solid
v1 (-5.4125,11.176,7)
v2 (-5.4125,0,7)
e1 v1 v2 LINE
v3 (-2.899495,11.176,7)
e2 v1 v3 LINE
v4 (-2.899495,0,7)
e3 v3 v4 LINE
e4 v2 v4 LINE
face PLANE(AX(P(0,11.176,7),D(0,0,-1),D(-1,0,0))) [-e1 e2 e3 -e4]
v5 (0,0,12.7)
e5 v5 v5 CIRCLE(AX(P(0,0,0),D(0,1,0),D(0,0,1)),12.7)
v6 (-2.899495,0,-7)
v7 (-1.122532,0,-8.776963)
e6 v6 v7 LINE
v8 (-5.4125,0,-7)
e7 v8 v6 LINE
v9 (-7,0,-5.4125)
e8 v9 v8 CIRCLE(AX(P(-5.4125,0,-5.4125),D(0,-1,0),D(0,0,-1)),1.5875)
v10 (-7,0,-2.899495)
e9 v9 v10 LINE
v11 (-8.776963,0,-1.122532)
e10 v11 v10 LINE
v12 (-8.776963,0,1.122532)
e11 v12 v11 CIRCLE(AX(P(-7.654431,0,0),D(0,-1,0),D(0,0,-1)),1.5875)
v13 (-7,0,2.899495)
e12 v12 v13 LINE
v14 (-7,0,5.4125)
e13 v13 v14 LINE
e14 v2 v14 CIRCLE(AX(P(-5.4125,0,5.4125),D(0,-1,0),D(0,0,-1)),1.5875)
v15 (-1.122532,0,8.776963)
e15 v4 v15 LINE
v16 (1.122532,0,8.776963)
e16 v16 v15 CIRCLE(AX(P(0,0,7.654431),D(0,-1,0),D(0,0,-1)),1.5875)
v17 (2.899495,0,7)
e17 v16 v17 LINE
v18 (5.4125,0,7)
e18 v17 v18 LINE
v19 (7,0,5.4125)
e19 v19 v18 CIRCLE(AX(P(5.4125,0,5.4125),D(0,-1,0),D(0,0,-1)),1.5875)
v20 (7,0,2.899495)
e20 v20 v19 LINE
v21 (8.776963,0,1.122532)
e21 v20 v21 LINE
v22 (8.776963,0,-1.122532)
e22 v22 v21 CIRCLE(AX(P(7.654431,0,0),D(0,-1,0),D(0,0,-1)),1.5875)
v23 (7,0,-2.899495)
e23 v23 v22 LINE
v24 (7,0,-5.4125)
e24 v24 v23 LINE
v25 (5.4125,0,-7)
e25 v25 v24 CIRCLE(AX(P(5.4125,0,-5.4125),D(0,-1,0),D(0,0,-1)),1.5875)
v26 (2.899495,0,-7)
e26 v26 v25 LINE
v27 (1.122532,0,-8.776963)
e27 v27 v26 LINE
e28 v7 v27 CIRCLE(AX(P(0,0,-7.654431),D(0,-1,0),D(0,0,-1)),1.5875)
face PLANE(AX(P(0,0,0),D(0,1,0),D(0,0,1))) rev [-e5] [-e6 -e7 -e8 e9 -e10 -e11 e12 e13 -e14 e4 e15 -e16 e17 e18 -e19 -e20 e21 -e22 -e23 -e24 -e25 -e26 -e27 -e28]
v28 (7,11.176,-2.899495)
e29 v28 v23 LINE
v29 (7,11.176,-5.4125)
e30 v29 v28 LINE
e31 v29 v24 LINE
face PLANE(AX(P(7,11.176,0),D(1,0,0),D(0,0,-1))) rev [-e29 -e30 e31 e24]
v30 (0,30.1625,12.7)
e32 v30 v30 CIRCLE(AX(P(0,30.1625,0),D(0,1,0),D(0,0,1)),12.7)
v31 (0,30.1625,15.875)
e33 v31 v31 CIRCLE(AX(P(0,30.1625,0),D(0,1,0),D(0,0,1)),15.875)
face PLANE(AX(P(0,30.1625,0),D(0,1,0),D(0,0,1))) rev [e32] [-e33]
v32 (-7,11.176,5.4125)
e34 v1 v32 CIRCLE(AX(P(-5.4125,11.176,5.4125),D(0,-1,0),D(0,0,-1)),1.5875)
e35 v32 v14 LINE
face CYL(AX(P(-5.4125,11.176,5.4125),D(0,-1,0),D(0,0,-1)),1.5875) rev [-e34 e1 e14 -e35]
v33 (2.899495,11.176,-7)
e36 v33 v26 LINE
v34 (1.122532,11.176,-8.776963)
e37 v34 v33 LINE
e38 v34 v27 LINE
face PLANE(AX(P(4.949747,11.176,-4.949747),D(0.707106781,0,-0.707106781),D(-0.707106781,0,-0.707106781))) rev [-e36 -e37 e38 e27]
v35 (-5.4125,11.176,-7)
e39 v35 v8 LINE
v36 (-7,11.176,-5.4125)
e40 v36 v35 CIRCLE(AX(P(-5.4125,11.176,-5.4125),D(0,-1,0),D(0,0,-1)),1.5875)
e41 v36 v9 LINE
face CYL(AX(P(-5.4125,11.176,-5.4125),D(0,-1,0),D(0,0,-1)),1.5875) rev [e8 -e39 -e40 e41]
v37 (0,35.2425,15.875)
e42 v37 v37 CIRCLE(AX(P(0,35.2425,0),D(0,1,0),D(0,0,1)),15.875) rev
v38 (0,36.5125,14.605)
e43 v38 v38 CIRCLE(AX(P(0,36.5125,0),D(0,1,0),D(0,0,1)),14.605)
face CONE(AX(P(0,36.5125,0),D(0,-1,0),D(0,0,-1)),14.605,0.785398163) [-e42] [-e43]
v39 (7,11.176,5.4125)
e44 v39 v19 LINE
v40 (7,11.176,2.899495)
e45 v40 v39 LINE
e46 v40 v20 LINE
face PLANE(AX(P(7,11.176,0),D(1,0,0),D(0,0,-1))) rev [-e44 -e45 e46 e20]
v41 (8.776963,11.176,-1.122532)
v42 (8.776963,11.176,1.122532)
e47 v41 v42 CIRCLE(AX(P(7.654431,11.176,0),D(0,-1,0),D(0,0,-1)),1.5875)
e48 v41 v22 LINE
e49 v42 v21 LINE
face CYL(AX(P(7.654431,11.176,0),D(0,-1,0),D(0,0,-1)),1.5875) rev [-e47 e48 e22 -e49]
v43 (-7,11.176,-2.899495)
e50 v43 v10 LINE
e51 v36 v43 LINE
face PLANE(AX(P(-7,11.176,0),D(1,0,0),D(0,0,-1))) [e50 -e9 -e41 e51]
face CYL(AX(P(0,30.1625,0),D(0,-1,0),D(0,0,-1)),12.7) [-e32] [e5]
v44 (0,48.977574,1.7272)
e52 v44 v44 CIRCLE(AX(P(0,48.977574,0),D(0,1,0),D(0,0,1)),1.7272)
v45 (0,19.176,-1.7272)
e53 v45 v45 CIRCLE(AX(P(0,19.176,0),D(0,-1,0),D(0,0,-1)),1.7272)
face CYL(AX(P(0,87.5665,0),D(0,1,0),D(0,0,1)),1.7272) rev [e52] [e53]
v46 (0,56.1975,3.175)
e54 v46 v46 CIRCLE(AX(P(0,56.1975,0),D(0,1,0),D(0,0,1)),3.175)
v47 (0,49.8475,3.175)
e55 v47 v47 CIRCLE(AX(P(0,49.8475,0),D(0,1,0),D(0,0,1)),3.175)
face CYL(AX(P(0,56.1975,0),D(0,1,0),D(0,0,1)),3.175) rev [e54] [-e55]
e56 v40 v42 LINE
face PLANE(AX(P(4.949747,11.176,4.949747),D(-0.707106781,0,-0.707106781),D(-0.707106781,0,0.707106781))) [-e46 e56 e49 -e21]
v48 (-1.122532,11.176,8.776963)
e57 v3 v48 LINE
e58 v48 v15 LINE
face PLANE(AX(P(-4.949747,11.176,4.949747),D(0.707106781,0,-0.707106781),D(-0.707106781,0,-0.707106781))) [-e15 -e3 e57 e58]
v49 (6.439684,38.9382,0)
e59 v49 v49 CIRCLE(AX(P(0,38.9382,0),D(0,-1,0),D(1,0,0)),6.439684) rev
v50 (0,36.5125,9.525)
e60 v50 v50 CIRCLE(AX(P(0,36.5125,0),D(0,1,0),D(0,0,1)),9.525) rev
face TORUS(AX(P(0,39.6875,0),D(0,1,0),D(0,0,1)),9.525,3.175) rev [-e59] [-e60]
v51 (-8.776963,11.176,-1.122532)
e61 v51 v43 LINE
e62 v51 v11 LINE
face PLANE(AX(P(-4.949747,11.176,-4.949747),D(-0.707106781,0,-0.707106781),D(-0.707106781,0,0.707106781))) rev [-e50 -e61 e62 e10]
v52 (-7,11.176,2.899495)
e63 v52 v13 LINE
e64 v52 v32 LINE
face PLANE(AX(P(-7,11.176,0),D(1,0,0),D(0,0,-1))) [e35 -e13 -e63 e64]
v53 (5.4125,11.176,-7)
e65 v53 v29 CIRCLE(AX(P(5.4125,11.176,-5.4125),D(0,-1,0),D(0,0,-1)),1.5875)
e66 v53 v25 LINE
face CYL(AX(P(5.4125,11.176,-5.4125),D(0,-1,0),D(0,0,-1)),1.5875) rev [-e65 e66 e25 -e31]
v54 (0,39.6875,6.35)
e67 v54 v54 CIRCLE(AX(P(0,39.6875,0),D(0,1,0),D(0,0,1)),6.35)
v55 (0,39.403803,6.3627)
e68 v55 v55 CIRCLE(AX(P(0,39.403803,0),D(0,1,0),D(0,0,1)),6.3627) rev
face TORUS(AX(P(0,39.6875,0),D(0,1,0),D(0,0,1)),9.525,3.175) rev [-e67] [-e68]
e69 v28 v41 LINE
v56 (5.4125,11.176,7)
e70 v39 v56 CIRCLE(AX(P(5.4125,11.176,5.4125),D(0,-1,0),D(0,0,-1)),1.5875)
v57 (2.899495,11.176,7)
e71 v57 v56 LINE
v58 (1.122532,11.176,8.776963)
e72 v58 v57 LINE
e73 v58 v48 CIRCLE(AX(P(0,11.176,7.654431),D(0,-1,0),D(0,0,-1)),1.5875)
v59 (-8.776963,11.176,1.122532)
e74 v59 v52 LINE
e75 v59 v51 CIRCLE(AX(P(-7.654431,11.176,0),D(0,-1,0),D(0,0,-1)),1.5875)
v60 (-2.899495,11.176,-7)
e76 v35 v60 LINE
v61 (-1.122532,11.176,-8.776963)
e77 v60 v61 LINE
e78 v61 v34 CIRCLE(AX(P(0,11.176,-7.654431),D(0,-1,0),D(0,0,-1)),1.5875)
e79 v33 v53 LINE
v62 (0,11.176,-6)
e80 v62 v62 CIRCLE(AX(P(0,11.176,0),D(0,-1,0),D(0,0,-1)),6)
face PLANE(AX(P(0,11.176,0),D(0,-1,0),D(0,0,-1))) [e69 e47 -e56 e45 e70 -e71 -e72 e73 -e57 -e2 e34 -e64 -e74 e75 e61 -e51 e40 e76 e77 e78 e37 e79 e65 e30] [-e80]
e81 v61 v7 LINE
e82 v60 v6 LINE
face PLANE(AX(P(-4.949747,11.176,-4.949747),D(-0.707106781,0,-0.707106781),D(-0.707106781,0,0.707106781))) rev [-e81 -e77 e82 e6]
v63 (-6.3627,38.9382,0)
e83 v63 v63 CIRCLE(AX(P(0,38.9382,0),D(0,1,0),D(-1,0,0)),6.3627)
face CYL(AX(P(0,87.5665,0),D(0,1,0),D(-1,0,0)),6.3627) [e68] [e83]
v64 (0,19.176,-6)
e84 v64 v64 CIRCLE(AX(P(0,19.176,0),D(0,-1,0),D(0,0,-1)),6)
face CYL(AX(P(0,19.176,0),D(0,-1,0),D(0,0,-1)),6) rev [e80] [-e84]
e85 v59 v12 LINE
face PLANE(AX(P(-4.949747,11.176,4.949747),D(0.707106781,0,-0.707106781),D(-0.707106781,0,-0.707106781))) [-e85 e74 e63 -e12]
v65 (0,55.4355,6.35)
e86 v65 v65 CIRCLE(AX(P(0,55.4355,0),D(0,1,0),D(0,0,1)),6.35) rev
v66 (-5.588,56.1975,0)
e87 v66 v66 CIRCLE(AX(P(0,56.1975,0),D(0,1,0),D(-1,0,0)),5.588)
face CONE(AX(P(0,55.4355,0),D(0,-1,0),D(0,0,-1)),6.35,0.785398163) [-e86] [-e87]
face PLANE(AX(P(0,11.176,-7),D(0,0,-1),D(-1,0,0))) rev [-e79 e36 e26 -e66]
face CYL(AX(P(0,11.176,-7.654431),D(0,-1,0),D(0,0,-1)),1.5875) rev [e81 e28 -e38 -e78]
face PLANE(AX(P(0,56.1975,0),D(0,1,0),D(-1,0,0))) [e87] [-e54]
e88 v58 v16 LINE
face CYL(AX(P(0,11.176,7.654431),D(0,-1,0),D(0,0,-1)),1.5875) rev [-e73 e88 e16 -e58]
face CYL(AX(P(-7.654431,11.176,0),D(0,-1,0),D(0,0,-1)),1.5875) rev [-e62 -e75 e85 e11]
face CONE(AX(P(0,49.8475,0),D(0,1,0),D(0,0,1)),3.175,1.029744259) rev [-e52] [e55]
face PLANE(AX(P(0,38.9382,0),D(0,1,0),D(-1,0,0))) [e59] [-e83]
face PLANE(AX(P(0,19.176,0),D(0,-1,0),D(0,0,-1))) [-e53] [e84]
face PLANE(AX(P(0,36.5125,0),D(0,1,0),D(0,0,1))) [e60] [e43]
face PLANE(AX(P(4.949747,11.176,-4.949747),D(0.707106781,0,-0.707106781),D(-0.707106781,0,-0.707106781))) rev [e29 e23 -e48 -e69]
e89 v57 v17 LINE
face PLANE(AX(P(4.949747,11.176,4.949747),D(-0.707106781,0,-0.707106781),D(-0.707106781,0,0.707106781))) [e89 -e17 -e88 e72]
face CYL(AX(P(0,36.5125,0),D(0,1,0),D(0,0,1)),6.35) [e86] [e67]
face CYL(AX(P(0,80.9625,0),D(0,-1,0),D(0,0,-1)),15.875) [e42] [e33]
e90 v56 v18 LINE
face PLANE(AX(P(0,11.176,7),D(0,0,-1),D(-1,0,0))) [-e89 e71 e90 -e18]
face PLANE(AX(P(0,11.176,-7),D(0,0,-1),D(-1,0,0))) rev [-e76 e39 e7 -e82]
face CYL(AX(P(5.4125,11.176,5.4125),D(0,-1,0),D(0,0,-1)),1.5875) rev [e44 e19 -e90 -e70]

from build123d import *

# Parameters (mm, degrees)
SKETCH1_R                       = 12.7
BOSS_EXTRUDE1_DEPTH             = 30.1625
SKETCH4_R                       = 15.875
BOSS_EXTRUDE2_DEPTH             = 50.8
CUT_EXTRUDE1_DEPTH              = 11.176
SKETCH3_R                       = 6
CUT_EXTRUDE2_DEPTH              = 8
SKETCH5_R                       = 3.175
BOSS_EXTRUDE3_DEPTH             = 6.604
F_8_32_TAPPED_HOLE1_D           = 3.4544
CUT_EXTRUDE3_START              = -6.35
SKETCH9_R                       = 15.875
SKETCH9_R_2                     = 6.35
CUT_EXTRUDE3_DEPTH              = 38.1
FILLET1_R                       = 3.175
CHAMFER1_SIZE                   = 1.27
F_1_4_0_25_DIAMETER_HOLE1_D     = 6.35
F_1_4_0_25_DIAMETER_HOLE1_DEPTH = 6.35
F_1_4_0_25_DIAMETER_HOLE1_TIP   = 1.907732465
CHAMFER2_SIZE                   = 0.762


with BuildPart() as part:
    # Sketch1 → Boss-Extrude1 (new body)
    with BuildSketch(Plane(origin=(0, 0, 0), x_dir=(1, 0, 0), z_dir=(0, 1, 0))):
        Circle(SKETCH1_R)
    extrude(amount=BOSS_EXTRUDE1_DEPTH)

    # Sketch4 → Boss-Extrude2 (add)
    with BuildSketch(Plane(origin=(0, 30.1625, 0), x_dir=(1, 0, 0), z_dir=(0, 1, 0))):
        Circle(SKETCH4_R)
    extrude(amount=BOSS_EXTRUDE2_DEPTH)

    # Sketch2 → Cut-Extrude1 (cut)
    with BuildSketch(Plane.XZ):
        with BuildLine():
            Line((-7, 2.899494937), (-8.776962921, 1.122532015))
            ThreePointArc((-8.776962921, 1.122532015), (-9.241930906, 0), (-8.776962921, -1.122532015))
            Line((-8.776962921, -1.122532015), (-7, -2.899494937))
            Line((-7, -2.899494937), (-7, 2.899494937))
        make_face()
        Polygon((-2.899494937, 7), (-7, 2.899494937), (-7, -2.899494937), (-2.899494937, -7), (2.899494937, -7), (7, -2.899494937), (7, 2.899494937), (2.899494937, 7), align=None)
        with BuildLine():
            Line((-7, 5.4125), (-7, 2.899494937))
            Line((-7, 2.899494937), (-2.899494937, 7))
            Line((-2.899494937, 7), (-5.4125, 7))
            ThreePointArc((-5.4125, 7), (-6.535032015, 6.535032015), (-7, 5.4125))
        make_face()
        with BuildLine():
            Line((-1.122532015, 8.776962921), (-2.899494937, 7))
            Line((-2.899494937, 7), (2.899494937, 7))
            Line((2.899494937, 7), (1.122532015, 8.776962921))
            ThreePointArc((1.122532015, 8.776962921), (0, 9.241930906), (-1.122532015, 8.776962921))
        make_face()
        with BuildLine():
            Line((5.4125, 7), (2.899494937, 7))
            Line((2.899494937, 7), (7, 2.899494937))
            Line((7, 2.899494937), (7, 5.4125))
            ThreePointArc((7, 5.4125), (6.535032015, 6.535032015), (5.4125, 7))
        make_face()
        with BuildLine():
            Line((8.776962921, 1.122532015), (7, 2.899494937))
            Line((7, 2.899494937), (7, -2.899494937))
            Line((7, -2.899494937), (8.776962921, -1.122532015))
            ThreePointArc((8.776962921, -1.122532015), (9.241930906, 0), (8.776962921, 1.122532015))
        make_face()
        with BuildLine():
            Line((7, -2.899494937), (2.899494937, -7))
            Line((2.899494937, -7), (5.4125, -7))
            ThreePointArc((5.4125, -7), (6.535032015, -6.535032015), (7, -5.4125))
            Line((7, -5.4125), (7, -2.899494937))
        make_face()
        with BuildLine():
            Line((2.899494937, -7), (-2.899494937, -7))
            Line((-2.899494937, -7), (-1.122532015, -8.776962921))
            ThreePointArc((-1.122532015, -8.776962921), (0, -9.241930906), (1.122532015, -8.776962921))
            Line((1.122532015, -8.776962921), (2.899494937, -7))
        make_face()
        with BuildLine():
            Line((-2.899494937, -7), (-7, -2.899494937))
            Line((-7, -2.899494937), (-7, -5.4125))
            ThreePointArc((-7, -5.4125), (-6.535032015, -6.535032015), (-5.4125, -7))
            Line((-5.4125, -7), (-2.899494937, -7))
        make_face()
    extrude(amount=-CUT_EXTRUDE1_DEPTH, mode=Mode.SUBTRACT)

    # Sketch3 → Cut-Extrude2 (cut)
    with BuildSketch(Plane.XZ.offset(-11.176)):
        Circle(SKETCH3_R)
    extrude(amount=-CUT_EXTRUDE2_DEPTH, mode=Mode.SUBTRACT)

    # Sketch5 → Boss-Extrude3 (add)
    with BuildSketch(Plane(origin=(0, 80.9625, 0), x_dir=(1, 0, 0), z_dir=(0, 1, 0))):
        Circle(SKETCH5_R)
    extrude(amount=BOSS_EXTRUDE3_DEPTH)

    # #8-32 Tapped Hole1 (through all)
    with Locations(Plane(origin=(0, 87.5665, 0), x_dir=(1, 0, 0), z_dir=(0, 1, 0))):
        with Locations((0, 0)):
            Hole(F_8_32_TAPPED_HOLE1_D / 2)

    # Sketch9 → Cut-Extrude3 (cut)
    with BuildSketch(Plane(origin=(0, 80.9625, 0), x_dir=(1, 0, 0), z_dir=(0, 1, 0)).offset(CUT_EXTRUDE3_START)):
        Circle(SKETCH9_R)
        Circle(SKETCH9_R_2, mode=Mode.SUBTRACT)
    extrude(amount=-CUT_EXTRUDE3_DEPTH, mode=Mode.SUBTRACT)

    # Fillet1
    fillet1_edges = [part.edges().sort_by_distance(p)[0] for p in [
        (-6.35, 36.5125, 0),
        (-6.35, 74.6125, 0),
    ]]
    fillet(fillet1_edges, radius=FILLET1_R)

    # Chamfer1
    chamfer1_edges = [part.edges().sort_by_distance(p)[0] for p in [
        (-15.875, 36.5125, 0),
    ]]
    chamfer(chamfer1_edges, length=CHAMFER1_SIZE)

    # Sketch10 → Cut-Revolve1 (revolve, cut)
    with BuildSketch(Plane.XY):
        Polygon((0, 87.5665), (0, 56.1975), (-6.3627, 56.1975), (-6.3627, 38.9382), (-15.875, 38.9382), (-15.875, 87.5665), align=None)
    revolve(axis=Axis((0, 87.5665, 0), (0, -1, 0)), mode=Mode.SUBTRACT)

    # 1/4 (0.25) Diameter Hole1
    with Locations(Plane(origin=(0, 56.1975, 0), x_dir=(1, 0, 0), z_dir=(0, 1, 0))):
        with Locations((0, 0)):
            Hole(F_1_4_0_25_DIAMETER_HOLE1_D / 2, depth=F_1_4_0_25_DIAMETER_HOLE1_DEPTH)
            with Locations((0, 0, -(F_1_4_0_25_DIAMETER_HOLE1_DEPTH + F_1_4_0_25_DIAMETER_HOLE1_TIP / 2))):  # 118° drill point
                Cone(0, F_1_4_0_25_DIAMETER_HOLE1_D / 2, F_1_4_0_25_DIAMETER_HOLE1_TIP, mode=Mode.SUBTRACT)

    # Chamfer2
    chamfer2_edges = [part.edges().sort_by_distance(p)[0] for p in [
        (-6.35, 56.1975, 0),
    ]]
    chamfer(chamfer2_edges, length=CHAMFER2_SIZE)


solid = part.part
